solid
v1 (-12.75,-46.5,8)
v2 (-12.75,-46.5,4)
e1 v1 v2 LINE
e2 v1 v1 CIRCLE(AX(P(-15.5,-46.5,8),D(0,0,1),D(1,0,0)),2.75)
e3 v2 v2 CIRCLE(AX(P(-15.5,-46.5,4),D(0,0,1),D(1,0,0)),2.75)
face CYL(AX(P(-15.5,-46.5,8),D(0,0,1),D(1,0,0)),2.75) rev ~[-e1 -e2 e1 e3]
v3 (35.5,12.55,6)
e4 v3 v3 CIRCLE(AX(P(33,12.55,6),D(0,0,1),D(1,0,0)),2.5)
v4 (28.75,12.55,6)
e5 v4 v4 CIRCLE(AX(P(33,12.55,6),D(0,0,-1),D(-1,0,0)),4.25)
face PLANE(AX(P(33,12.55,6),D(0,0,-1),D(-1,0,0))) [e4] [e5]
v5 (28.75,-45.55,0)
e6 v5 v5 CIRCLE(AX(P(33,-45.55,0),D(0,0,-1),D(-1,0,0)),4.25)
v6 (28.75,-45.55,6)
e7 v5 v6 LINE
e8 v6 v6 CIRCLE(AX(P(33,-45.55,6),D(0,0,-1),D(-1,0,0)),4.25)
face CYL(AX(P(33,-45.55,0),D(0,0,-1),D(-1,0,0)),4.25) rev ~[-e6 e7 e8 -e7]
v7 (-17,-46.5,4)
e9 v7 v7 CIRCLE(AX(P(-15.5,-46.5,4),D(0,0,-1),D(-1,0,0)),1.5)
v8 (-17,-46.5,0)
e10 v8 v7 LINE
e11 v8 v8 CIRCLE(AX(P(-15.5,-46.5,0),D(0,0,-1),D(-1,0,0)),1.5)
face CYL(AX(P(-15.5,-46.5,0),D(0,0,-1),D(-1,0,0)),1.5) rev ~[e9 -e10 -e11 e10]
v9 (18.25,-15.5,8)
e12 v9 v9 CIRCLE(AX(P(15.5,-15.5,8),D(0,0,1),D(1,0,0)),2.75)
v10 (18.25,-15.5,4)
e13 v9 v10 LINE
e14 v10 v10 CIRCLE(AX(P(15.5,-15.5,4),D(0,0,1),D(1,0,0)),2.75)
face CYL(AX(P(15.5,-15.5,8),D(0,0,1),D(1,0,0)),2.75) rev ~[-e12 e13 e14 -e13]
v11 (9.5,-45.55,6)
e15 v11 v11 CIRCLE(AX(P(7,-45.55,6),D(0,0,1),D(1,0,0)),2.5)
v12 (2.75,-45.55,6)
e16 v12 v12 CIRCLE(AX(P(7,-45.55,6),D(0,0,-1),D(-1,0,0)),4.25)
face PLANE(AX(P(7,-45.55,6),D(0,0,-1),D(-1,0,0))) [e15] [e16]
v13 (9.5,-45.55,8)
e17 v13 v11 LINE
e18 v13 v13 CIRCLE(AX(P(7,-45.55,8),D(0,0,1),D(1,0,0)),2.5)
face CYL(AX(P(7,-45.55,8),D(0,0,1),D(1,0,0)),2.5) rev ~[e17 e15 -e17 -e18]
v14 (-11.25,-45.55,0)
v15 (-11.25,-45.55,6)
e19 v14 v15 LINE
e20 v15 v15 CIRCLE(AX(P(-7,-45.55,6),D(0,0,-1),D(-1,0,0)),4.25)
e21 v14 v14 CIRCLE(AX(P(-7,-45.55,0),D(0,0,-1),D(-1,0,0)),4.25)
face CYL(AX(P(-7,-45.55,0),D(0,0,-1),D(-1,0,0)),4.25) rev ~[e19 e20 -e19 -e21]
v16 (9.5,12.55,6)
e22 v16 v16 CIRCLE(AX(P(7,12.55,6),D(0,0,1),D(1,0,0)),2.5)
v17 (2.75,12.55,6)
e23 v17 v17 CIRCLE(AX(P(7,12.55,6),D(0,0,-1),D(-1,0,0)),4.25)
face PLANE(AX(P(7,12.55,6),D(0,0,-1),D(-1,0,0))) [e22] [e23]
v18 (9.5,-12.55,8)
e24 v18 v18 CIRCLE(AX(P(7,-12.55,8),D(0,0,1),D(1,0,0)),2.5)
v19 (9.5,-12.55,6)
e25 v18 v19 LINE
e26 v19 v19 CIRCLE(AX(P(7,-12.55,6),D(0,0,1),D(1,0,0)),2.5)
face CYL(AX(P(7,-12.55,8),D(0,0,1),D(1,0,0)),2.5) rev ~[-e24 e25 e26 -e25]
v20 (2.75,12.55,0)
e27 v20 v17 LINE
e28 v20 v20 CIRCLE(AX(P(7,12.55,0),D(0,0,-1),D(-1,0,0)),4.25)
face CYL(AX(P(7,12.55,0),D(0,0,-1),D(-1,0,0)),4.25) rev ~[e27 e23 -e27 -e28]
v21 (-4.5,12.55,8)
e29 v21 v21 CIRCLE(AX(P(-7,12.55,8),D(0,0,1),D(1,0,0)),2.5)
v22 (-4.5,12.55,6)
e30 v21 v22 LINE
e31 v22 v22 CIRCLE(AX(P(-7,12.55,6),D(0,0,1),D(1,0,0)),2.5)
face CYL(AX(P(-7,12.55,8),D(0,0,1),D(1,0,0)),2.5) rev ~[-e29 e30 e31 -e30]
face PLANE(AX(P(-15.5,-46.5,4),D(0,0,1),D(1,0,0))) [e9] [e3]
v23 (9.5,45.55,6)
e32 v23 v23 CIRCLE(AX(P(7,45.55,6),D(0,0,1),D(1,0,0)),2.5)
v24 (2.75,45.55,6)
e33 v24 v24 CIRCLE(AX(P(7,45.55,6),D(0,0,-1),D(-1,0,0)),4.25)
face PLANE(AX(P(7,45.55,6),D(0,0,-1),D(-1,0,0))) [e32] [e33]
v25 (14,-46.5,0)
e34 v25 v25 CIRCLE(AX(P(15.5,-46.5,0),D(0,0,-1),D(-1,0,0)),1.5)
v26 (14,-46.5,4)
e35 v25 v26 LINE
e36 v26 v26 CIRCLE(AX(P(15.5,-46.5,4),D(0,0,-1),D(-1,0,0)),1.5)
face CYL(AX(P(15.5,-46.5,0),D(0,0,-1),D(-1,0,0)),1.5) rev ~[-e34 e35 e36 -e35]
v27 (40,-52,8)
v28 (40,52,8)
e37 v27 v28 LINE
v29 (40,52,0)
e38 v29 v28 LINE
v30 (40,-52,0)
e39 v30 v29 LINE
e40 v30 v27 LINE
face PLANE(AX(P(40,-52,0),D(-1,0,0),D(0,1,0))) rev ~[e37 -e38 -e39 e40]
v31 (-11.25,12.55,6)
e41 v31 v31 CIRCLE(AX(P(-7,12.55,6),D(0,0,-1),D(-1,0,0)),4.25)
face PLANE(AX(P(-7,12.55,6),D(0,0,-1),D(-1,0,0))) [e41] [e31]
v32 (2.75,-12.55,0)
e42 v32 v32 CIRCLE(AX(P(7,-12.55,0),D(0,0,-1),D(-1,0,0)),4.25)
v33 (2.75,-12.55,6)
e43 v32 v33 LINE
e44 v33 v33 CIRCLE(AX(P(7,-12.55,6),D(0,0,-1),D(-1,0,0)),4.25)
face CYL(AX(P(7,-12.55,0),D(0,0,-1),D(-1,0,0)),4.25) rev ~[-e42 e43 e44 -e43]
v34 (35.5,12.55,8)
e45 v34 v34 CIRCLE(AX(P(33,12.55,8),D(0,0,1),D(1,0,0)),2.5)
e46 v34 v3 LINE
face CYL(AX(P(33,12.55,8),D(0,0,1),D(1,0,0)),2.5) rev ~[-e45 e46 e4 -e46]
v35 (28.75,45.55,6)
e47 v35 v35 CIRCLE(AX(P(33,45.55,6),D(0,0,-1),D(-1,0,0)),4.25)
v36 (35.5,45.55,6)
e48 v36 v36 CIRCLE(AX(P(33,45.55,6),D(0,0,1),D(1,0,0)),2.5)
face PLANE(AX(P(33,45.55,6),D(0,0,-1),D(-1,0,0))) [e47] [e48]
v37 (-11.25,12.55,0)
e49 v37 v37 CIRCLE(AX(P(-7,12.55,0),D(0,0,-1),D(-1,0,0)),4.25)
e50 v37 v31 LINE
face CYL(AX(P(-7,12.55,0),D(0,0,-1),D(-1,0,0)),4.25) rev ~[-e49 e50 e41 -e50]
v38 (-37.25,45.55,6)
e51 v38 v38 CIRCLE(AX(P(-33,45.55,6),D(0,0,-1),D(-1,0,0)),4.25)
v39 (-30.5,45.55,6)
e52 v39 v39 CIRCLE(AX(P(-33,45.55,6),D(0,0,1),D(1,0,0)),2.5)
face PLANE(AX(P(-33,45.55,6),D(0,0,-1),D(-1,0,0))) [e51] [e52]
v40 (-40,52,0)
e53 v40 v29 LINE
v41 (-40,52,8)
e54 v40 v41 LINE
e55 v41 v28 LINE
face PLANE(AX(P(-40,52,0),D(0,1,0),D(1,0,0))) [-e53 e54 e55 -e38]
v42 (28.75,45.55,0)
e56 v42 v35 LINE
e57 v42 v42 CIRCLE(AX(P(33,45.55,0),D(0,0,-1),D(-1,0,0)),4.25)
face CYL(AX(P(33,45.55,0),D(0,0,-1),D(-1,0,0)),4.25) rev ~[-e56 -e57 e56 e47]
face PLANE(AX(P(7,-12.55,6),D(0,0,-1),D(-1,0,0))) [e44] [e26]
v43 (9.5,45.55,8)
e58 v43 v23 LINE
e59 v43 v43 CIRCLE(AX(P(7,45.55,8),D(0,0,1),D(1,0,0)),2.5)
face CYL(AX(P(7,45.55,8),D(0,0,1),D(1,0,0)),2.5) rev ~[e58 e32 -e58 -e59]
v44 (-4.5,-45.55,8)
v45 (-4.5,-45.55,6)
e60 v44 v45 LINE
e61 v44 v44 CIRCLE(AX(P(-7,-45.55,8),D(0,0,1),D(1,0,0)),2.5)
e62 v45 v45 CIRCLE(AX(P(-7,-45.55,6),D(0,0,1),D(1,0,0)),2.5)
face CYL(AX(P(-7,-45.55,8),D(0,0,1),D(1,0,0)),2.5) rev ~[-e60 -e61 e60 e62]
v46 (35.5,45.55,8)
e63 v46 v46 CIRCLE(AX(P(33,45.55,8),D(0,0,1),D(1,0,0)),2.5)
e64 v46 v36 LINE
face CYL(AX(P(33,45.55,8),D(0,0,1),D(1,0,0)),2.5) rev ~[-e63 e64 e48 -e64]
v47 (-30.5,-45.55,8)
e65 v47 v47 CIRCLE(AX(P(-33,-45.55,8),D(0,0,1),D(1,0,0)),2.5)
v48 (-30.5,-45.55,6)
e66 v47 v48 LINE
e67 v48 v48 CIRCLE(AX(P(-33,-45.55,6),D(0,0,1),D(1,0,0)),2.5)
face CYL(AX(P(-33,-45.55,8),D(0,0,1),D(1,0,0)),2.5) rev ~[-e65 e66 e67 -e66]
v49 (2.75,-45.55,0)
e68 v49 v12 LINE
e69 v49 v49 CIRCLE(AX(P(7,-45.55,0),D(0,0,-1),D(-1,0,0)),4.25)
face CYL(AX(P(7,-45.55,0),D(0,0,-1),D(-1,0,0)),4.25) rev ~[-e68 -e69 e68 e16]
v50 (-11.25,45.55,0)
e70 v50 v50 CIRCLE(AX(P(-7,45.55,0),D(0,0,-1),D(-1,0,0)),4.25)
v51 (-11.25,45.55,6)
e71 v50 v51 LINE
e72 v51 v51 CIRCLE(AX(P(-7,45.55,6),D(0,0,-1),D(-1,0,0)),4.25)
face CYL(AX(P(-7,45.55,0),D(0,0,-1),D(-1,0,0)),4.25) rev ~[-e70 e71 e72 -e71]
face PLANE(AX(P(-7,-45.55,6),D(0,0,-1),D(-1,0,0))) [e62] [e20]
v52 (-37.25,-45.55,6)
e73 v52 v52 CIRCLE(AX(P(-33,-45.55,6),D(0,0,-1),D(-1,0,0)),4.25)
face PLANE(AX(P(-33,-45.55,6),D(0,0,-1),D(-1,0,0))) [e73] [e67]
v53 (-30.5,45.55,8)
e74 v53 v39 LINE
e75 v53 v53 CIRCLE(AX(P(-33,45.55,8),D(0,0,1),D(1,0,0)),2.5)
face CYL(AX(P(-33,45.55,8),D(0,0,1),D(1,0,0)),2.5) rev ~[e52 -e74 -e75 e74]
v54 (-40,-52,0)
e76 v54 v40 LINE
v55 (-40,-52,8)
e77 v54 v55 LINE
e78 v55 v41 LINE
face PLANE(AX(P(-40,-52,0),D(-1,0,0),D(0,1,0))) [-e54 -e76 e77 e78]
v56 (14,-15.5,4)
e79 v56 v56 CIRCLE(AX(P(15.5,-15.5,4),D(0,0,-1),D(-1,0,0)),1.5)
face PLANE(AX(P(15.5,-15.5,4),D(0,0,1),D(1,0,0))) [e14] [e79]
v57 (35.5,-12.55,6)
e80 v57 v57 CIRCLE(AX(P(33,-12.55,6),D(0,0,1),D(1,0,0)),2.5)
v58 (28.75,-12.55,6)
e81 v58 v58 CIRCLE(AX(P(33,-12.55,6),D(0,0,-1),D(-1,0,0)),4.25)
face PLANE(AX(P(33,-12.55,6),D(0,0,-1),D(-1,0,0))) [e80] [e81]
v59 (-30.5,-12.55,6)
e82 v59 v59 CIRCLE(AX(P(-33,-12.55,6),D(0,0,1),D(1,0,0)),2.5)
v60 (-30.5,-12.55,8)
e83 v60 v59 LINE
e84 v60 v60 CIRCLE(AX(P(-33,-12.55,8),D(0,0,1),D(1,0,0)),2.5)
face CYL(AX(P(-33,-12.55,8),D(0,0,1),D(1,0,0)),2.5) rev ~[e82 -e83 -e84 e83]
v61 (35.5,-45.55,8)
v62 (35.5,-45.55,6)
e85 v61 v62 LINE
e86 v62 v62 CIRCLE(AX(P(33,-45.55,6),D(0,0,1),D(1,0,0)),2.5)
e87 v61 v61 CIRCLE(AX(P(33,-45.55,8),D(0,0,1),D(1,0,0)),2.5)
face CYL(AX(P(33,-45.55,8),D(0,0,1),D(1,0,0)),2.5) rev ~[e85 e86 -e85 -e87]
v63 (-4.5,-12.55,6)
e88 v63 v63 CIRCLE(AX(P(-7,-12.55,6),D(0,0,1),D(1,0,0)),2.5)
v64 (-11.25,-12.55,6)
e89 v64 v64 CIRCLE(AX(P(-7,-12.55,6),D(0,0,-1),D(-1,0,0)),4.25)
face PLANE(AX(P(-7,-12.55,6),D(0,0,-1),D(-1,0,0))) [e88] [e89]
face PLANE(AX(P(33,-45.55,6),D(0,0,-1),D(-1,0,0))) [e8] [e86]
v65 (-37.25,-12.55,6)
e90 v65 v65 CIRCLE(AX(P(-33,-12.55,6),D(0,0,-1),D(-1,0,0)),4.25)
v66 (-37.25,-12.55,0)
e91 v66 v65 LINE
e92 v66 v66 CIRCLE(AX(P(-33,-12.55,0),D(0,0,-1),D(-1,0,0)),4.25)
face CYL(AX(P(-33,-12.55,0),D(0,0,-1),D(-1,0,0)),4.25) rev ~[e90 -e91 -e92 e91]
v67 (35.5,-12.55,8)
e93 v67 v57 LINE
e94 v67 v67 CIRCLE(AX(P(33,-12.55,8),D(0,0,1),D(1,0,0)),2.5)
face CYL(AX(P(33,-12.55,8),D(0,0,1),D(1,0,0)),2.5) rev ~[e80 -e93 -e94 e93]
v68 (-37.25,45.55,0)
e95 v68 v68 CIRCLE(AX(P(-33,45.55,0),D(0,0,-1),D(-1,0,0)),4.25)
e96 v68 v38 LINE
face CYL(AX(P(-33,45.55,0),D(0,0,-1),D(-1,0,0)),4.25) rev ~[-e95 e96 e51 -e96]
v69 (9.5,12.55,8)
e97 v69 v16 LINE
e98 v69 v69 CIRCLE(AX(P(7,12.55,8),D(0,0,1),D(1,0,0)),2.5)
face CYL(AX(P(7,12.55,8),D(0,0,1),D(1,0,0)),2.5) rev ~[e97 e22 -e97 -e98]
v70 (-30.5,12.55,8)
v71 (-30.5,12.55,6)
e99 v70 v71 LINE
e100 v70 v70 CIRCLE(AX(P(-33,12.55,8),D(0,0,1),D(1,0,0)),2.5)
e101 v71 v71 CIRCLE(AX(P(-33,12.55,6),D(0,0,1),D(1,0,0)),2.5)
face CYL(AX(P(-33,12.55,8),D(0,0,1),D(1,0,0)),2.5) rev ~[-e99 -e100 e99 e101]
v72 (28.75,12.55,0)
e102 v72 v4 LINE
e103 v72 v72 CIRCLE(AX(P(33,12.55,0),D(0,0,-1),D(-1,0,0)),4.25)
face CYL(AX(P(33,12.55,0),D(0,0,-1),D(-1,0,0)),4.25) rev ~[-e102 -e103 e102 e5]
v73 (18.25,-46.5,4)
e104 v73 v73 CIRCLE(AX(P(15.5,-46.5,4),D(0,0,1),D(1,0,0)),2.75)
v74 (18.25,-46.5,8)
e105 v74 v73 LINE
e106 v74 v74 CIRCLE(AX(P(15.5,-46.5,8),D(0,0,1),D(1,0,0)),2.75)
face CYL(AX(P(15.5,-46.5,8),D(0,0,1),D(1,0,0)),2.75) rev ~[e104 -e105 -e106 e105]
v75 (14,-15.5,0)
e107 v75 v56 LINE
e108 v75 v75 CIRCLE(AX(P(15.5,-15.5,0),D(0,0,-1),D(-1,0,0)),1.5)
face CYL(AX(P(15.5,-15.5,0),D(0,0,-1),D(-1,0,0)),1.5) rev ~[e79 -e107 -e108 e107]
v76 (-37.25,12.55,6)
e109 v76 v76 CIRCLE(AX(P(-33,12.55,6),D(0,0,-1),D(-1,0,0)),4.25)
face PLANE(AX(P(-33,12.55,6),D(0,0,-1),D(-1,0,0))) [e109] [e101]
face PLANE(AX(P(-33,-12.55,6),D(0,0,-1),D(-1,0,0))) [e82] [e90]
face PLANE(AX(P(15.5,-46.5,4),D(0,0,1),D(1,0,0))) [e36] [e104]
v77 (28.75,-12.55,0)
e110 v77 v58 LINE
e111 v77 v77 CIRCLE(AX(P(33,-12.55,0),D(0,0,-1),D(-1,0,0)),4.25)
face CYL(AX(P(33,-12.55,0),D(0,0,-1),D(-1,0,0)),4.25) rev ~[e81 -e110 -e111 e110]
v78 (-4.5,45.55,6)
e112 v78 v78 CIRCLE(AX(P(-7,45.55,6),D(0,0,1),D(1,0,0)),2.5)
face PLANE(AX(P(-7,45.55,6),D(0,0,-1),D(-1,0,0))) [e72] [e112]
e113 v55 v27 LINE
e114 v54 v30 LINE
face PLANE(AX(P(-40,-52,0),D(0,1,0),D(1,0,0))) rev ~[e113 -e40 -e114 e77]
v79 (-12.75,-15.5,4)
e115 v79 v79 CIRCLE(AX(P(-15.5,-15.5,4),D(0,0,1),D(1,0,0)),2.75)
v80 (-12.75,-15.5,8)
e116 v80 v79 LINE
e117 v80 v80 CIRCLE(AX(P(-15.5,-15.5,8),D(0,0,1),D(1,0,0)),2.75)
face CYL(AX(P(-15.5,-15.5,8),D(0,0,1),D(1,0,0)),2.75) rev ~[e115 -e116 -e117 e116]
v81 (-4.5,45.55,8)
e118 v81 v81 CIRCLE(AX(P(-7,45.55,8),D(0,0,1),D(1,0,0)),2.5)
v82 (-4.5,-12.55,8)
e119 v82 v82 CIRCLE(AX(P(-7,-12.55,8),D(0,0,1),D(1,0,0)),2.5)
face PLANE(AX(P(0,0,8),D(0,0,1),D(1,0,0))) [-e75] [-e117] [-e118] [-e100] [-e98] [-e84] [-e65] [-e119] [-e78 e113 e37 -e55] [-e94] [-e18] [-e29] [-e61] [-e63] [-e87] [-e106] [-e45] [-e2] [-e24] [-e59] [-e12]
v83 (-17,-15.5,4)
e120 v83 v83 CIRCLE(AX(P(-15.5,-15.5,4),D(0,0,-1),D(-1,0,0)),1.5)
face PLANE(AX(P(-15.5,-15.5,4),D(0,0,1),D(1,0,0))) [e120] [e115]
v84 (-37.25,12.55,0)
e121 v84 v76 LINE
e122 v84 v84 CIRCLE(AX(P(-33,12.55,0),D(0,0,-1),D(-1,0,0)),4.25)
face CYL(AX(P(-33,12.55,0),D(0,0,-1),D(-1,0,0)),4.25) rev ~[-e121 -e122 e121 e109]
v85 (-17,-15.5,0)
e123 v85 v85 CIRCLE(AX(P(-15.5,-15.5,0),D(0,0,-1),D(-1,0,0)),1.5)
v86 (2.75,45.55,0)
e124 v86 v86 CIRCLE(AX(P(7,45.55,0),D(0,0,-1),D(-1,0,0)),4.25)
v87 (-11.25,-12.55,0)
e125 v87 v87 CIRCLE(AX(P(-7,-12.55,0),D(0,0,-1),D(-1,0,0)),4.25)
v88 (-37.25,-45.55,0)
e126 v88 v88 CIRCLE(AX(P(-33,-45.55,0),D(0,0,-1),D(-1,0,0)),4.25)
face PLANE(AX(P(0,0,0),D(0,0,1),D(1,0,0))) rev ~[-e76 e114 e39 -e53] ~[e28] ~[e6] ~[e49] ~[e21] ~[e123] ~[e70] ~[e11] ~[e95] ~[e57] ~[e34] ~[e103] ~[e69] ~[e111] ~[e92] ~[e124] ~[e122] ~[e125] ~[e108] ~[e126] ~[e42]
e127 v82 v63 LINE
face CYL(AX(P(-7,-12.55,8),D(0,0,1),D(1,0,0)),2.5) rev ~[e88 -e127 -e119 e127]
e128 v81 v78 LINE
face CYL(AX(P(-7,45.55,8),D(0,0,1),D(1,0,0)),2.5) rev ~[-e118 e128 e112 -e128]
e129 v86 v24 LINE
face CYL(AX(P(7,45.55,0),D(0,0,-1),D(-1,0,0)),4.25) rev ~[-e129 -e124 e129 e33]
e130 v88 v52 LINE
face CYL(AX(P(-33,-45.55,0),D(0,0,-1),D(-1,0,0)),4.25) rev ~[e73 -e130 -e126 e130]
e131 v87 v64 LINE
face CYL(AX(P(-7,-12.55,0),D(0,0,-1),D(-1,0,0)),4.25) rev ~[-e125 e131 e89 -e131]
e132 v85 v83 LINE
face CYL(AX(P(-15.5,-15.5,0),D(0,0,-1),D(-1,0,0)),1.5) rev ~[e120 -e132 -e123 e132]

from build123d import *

# Parameters (mm, degrees)
SKETCH1_W           = 80
SKETCH1_H           = 104
BOSS_EXTRUDE1_DEPTH = 8
SKETCH2_R           = 2.5
CUT_EXTRUDE1_DEPTH  = 8
SKETCH4_R           = 4.25
CUT_EXTRUDE3_DEPTH  = 6
SKETCH5_R           = 1.5
CUT_EXTRUDE4_DEPTH  = 67.090846567
SKETCH6_R           = 2.75
CUT_EXTRUDE5_DEPTH  = 4


with BuildPart() as part:
    # Sketch1 → Boss-Extrude1 (new body)
    with BuildSketch(Plane.XY):
        Rectangle(SKETCH1_W, SKETCH1_H)
    extrude(amount=BOSS_EXTRUDE1_DEPTH)

    # Sketch2 → Cut-Extrude1 (cut)
    with BuildSketch(Plane.XY.offset(8)):
        with Locations((-33, 45.55)):
            Circle(SKETCH2_R)
        with Locations((-7, 45.55)):
            Circle(SKETCH2_R)
        with Locations((-7, 12.55)):
            Circle(SKETCH2_R)
        with Locations((-33, 12.55)):
            Circle(SKETCH2_R)
        with Locations((33, 45.55)):
            Circle(SKETCH2_R)
        with Locations((7, 45.55)):
            Circle(SKETCH2_R)
        with Locations((7, 12.55)):
            Circle(SKETCH2_R)
        with Locations((33, 12.55)):
            Circle(SKETCH2_R)
        with Locations((33, -12.55)):
            Circle(SKETCH2_R)
        with Locations((7, -12.55)):
            Circle(SKETCH2_R)
        with Locations((33, -45.55)):
            Circle(SKETCH2_R)
        with Locations((7, -45.55)):
            Circle(SKETCH2_R)
        with Locations((-7, -45.55)):
            Circle(SKETCH2_R)
        with Locations((-7, -12.55)):
            Circle(SKETCH2_R)
        with Locations((-33, -12.55)):
            Circle(SKETCH2_R)
        with Locations((-33, -45.55)):
            Circle(SKETCH2_R)
    extrude(amount=-CUT_EXTRUDE1_DEPTH, mode=Mode.SUBTRACT)

    # Sketch4 → Cut-Extrude3 (cut)
    with BuildSketch(Plane(origin=(0, 0, 0), x_dir=(-1, 0, 0), z_dir=(0, 0, -1))):
        with Locations((-33, 45.55)):
            Circle(SKETCH4_R)
        with Locations((-7, 45.55)):
            Circle(SKETCH4_R)
        with Locations((-7, 12.55)):
            Circle(SKETCH4_R)
        with Locations((-33, 12.55)):
            Circle(SKETCH4_R)
        with Locations((-33, -12.55)):
            Circle(SKETCH4_R)
        with Locations((-7, -12.55)):
            Circle(SKETCH4_R)
        with Locations((-7, -45.55)):
            Circle(SKETCH4_R)
        with Locations((-33, -45.55)):
            Circle(SKETCH4_R)
        with Locations((7, -45.55)):
            Circle(SKETCH4_R)
        with Locations((33, -45.55)):
            Circle(SKETCH4_R)
        with Locations((7, -12.55)):
            Circle(SKETCH4_R)
        with Locations((33, -12.55)):
            Circle(SKETCH4_R)
        with Locations((7, 12.55)):
            Circle(SKETCH4_R)
        with Locations((33, 12.55)):
            Circle(SKETCH4_R)
        with Locations((7, 45.55)):
            Circle(SKETCH4_R)
        with Locations((33, 45.55)):
            Circle(SKETCH4_R)
    extrude(amount=-CUT_EXTRUDE3_DEPTH, mode=Mode.SUBTRACT)

    # Sketch5 → Cut-Extrude4 (cut, through all)
    with BuildSketch(Plane(origin=(0, 0, 0), x_dir=(-1, 0, 0), z_dir=(0, 0, -1))):
        with Locations((15.5, -15.5)):
            Circle(SKETCH5_R)
        with Locations((-15.5, -15.5)):
            Circle(SKETCH5_R)
        with Locations((-15.5, -46.5)):
            Circle(SKETCH5_R)
        with Locations((15.5, -46.5)):
            Circle(SKETCH5_R)
    extrude(amount=-CUT_EXTRUDE4_DEPTH, mode=Mode.SUBTRACT)

    # Sketch6 → Cut-Extrude5 (cut)
    with BuildSketch(Plane.XY.offset(8)):
        with Locations((15.5, -15.5)):
            Circle(SKETCH6_R)
        with Locations((-15.5, -15.5)):
            Circle(SKETCH6_R)
        with Locations((15.5, -46.5)):
            Circle(SKETCH6_R)
        with Locations((-15.5, -46.5)):
            Circle(SKETCH6_R)
    extrude(amount=-CUT_EXTRUDE5_DEPTH, mode=Mode.SUBTRACT)


solid = part.part
